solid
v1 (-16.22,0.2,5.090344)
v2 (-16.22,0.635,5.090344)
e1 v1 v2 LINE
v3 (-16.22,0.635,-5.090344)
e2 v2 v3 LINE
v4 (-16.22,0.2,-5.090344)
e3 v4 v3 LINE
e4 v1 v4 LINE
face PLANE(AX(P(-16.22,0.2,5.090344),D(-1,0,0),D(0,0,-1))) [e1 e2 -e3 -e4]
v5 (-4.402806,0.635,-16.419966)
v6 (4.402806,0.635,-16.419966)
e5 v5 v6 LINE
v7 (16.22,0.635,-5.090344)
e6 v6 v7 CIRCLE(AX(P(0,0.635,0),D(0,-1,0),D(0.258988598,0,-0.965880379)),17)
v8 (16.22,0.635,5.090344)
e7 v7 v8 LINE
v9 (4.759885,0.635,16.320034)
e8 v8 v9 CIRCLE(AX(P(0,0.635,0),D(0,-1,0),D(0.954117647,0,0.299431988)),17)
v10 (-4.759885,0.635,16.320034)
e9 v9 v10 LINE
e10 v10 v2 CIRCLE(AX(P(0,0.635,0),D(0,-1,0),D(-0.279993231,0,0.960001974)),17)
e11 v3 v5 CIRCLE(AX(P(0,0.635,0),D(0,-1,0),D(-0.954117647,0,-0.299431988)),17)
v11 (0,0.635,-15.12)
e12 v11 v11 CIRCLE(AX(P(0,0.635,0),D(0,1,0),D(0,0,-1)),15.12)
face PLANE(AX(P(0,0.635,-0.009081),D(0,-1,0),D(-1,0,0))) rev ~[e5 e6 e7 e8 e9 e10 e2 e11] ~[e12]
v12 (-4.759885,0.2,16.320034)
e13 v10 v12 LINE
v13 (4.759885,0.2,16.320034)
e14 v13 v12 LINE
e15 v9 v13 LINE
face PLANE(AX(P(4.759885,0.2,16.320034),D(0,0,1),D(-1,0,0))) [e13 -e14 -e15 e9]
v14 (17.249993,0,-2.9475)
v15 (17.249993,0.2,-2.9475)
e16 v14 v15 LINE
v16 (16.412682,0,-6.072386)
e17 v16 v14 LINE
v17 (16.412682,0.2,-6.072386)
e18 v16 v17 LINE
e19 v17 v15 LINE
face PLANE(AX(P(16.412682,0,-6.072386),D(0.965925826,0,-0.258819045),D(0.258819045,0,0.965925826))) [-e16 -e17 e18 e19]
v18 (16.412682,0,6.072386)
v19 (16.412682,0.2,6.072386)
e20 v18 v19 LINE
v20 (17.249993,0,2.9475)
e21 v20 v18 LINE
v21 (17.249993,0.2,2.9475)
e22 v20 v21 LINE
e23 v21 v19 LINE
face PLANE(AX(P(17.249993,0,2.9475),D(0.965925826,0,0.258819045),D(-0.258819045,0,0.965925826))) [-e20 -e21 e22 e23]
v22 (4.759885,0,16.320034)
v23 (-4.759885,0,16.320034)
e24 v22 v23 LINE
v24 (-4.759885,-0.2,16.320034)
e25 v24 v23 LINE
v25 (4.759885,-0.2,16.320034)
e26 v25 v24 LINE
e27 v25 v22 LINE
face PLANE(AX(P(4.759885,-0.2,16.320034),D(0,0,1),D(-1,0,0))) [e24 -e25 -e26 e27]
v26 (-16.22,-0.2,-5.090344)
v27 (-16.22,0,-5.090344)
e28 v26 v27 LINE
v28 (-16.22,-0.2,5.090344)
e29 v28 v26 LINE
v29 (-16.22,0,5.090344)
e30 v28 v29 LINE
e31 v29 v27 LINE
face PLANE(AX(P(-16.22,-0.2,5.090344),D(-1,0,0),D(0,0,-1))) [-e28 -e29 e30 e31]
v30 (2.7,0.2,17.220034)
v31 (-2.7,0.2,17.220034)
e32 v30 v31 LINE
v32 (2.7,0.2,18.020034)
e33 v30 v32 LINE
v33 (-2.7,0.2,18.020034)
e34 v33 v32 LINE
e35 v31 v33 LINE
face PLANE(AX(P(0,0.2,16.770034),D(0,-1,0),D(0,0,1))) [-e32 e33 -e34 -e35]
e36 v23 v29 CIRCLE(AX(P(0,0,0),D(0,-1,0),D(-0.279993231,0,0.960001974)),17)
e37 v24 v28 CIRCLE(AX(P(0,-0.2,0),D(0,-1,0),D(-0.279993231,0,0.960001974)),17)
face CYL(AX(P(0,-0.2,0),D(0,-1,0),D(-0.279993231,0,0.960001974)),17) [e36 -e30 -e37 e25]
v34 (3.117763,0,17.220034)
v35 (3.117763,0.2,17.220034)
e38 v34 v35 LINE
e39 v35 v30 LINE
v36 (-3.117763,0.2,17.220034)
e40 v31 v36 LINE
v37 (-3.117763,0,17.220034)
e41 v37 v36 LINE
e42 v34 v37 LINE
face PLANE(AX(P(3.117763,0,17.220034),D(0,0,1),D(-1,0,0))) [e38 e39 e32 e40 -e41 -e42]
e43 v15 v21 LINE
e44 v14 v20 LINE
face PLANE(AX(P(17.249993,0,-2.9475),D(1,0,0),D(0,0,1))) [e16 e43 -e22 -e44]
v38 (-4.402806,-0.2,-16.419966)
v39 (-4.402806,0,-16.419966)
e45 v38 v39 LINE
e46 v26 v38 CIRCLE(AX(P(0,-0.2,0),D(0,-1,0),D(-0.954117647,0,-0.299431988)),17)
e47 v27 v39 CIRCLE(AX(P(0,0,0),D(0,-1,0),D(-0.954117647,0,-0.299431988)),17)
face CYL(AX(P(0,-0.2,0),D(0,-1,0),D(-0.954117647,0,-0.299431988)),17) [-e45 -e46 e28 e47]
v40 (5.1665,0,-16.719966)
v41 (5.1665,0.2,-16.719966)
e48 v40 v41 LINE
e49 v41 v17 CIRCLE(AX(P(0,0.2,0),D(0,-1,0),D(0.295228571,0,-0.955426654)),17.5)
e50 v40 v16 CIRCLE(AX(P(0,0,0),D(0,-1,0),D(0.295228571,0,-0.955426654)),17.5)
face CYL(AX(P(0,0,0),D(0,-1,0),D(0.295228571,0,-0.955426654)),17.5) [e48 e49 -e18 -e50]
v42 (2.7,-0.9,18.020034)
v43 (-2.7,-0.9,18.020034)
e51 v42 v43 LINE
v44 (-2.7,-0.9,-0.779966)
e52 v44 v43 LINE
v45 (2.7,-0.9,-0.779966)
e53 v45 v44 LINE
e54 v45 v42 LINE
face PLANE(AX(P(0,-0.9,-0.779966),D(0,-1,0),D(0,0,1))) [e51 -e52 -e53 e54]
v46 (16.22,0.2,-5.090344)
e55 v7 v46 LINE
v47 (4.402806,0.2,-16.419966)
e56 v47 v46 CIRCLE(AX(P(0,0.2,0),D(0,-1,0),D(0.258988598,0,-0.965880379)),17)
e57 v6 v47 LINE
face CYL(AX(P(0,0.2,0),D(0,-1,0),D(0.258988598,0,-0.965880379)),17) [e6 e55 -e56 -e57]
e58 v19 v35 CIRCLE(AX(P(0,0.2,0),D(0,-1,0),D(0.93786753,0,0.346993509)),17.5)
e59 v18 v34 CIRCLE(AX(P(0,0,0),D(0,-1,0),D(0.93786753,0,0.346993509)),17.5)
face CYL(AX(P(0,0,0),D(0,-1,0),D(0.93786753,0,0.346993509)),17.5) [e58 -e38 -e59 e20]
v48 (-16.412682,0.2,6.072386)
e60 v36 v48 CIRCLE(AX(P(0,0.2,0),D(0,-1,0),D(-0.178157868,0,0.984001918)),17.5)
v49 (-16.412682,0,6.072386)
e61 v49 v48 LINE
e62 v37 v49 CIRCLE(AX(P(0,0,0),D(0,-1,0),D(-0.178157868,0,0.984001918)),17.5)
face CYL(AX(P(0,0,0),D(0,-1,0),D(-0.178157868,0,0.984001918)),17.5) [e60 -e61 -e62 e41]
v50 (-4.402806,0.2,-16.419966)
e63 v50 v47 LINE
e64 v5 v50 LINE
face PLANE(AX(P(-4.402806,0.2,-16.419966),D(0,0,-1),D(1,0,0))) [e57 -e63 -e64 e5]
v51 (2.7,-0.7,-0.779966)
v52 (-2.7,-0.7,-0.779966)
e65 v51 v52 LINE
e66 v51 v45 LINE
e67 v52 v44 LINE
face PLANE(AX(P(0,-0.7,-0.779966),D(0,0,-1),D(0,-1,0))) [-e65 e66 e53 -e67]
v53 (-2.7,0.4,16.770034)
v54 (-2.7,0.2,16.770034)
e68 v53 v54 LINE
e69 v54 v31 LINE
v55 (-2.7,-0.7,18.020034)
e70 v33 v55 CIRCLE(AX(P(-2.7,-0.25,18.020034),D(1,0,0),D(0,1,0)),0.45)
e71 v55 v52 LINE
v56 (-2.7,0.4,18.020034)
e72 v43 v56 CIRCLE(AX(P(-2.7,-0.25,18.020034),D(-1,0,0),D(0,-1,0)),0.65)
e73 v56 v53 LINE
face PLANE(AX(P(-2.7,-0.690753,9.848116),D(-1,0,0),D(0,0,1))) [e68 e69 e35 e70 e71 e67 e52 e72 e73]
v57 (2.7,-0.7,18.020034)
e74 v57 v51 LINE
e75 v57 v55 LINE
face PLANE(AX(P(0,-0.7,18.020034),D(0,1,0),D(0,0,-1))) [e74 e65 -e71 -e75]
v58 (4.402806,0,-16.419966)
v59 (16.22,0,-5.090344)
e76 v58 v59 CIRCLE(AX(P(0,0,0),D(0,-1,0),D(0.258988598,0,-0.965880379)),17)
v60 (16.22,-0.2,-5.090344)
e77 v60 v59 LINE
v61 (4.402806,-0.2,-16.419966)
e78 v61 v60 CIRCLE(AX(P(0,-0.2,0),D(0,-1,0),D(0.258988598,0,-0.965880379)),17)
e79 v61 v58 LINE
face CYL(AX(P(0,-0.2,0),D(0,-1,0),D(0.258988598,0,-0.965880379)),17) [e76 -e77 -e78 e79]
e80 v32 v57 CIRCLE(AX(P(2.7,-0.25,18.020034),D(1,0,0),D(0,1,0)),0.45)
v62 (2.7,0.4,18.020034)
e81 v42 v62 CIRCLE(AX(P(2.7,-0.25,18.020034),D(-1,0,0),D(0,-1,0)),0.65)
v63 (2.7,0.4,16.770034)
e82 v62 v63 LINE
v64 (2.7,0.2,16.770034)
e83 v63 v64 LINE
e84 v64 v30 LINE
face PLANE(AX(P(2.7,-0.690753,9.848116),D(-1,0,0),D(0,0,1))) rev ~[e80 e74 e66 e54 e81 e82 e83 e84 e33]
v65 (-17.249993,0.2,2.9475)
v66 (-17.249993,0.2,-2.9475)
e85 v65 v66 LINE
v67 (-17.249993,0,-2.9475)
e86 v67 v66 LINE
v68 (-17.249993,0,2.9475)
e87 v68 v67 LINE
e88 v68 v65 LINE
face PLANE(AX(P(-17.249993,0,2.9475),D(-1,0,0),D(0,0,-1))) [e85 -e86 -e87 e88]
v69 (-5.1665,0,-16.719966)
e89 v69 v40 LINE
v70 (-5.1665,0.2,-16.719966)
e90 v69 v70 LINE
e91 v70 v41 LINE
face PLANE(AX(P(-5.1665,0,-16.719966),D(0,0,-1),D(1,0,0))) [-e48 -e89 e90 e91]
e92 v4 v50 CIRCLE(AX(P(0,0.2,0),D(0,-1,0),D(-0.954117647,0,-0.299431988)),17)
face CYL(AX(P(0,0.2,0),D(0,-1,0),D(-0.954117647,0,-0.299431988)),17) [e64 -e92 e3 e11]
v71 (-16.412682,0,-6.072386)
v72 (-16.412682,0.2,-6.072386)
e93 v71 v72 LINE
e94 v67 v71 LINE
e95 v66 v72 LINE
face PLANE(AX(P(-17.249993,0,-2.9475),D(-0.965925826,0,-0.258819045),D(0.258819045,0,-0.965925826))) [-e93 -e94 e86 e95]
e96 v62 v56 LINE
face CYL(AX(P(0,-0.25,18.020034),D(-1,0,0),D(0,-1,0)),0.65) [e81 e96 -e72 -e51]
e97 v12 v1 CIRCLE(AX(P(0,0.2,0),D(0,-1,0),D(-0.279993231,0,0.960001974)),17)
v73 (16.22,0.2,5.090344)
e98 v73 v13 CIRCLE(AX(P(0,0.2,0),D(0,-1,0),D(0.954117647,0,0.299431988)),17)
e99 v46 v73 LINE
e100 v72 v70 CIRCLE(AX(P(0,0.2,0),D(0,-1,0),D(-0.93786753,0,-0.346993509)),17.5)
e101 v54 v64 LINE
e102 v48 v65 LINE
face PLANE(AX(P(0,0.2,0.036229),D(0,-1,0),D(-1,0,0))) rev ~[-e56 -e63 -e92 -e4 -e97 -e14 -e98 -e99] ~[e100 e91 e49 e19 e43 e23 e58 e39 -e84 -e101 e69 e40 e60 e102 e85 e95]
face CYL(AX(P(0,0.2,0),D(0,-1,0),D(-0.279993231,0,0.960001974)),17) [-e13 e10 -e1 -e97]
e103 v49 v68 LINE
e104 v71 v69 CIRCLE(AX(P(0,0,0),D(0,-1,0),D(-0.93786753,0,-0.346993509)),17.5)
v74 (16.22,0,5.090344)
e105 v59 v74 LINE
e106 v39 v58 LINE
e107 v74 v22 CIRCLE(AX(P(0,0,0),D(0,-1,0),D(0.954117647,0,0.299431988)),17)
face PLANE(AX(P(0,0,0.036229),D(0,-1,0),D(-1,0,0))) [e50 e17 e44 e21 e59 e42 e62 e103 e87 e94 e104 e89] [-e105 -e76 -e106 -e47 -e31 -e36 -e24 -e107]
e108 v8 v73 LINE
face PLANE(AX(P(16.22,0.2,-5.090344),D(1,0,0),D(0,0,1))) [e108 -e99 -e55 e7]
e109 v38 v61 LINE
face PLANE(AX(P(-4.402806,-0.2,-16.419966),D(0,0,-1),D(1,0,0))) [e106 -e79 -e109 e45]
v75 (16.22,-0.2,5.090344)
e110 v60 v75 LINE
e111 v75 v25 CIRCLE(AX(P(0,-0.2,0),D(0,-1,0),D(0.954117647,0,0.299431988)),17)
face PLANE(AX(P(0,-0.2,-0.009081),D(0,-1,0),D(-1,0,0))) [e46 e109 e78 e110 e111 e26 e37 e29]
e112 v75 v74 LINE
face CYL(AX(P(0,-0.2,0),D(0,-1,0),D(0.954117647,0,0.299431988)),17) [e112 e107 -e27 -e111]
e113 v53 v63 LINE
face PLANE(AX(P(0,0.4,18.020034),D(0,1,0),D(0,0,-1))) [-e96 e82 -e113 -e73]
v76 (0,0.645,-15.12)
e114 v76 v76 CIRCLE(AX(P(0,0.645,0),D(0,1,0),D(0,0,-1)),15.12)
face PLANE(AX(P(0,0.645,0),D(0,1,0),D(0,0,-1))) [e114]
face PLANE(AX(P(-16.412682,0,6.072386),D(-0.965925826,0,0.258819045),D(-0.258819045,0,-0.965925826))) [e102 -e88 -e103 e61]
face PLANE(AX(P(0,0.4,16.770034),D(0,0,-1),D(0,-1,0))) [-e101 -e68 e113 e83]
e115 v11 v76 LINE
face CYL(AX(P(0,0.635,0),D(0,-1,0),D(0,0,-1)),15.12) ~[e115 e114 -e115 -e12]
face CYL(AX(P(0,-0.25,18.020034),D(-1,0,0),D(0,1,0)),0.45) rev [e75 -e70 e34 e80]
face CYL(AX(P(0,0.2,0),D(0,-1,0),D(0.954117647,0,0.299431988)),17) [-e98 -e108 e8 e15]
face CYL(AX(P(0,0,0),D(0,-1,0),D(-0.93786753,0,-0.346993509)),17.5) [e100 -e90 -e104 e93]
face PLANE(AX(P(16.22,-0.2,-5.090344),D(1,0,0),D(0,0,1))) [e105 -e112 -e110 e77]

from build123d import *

# Parameters (mm, degrees)
BOSS_EXTRUDE1_DEPTH = 0.2
BOSS_EXTRUDE5_DEPTH = 0.435
SKETCH5_R           = 15.12
BOSS_EXTRUDE6_DEPTH = 0.01
LPATTERN1_COUNT     = 2
LPATTERN1_PITCH     = 0.4
BOSS_EXTRUDE7_DEPTH = 2.7


with BuildPart() as part:
    # Sketch1 → Boss-Extrude1 (new body)
    with BuildSketch(Plane(origin=(0, 0, 0), x_dir=(1, 0, 0), z_dir=(0, 1, 0))):
        with BuildLine():
            Line((17.249992572, 2.9475), (17.249992572, -2.9475))
            Line((17.249992572, -2.9475), (16.412681783, -6.072386409))
            ThreePointArc((16.412681783, -6.072386409), (11.243979481, -13.409807061), (3.117762689, -17.22003356))
            Line((3.117762689, -17.22003356), (-3.117762689, -17.22003356))
            ThreePointArc((-3.117762689, -17.22003356), (-11.243979481, -13.409807061), (-16.412681783, -6.072386409))
            Line((-16.412681783, -6.072386409), (-17.249992572, -2.9475))
            Line((-17.249992572, -2.9475), (-17.249992572, 2.9475))
            Line((-17.249992572, 2.9475), (-16.412681783, 6.072386409))
            ThreePointArc((-16.412681783, 6.072386409), (-12.031542367, 12.707949806), (-5.1665, 16.71996644))
            Line((-5.1665, 16.71996644), (5.1665, 16.71996644))
            ThreePointArc((5.1665, 16.71996644), (12.031542367, 12.707949806), (16.412681783, 6.072386409))
            Line((16.412681783, 6.072386409), (17.249992572, 2.9475))
        make_face()
    extrude(amount=BOSS_EXTRUDE1_DEPTH)

    # Sketch2 → Boss-Extrude5 (add)
    with BuildSketch(Plane(origin=(0, 0.2, 0), x_dir=(1, 0, 0), z_dir=(0, 1, 0))):
        with BuildLine():
            Line((-4.402806164, 16.41996644), (4.402806164, 16.41996644))
            ThreePointArc((4.402806164, 16.41996644), (11.764995572, 12.271303076), (16.22, 5.0903438))
            Line((16.22, 5.0903438), (16.22, -5.0903438))
            ThreePointArc((16.22, -5.0903438), (11.898124894, -12.142266016), (4.759884935, -16.32003356))
            Line((4.759884935, -16.32003356), (-4.759884935, -16.32003356))
            ThreePointArc((-4.759884935, -16.32003356), (-11.898124894, -12.142266016), (-16.22, -5.0903438))
            Line((-16.22, -5.0903438), (-16.22, 5.0903438))
            ThreePointArc((-16.22, 5.0903438), (-11.764995572, 12.271303076), (-4.402806164, 16.41996644))
        make_face()
    boss_extrude5 = extrude(amount=BOSS_EXTRUDE5_DEPTH)

    # Sketch5 → Boss-Extrude6 (add)
    with BuildSketch(Plane(origin=(0, 0.635, 0), x_dir=(1, 0, 0), z_dir=(0, 1, 0))):
        with Locations(Location((0, 0, 0), (0, 0, 90))):
            Circle(SKETCH5_R)
    extrude(amount=BOSS_EXTRUDE6_DEPTH)

    # LPattern1: Boss-Extrude5 ×2
    with Locations(*[(0, -i * LPATTERN1_PITCH, 0) for i in range(1, LPATTERN1_COUNT)]):
        add(boss_extrude5)

    # Sketch6 → Boss-Extrude7 (add, symmetric)
    with BuildSketch(Plane.ZY):
        with BuildLine():
            Line((17.22003356, 0.2), (18.02003356, 0.2))
            ThreePointArc((18.02003356, 0.2), (18.47003356, -0.25), (18.02003356, -0.7))
            Line((18.02003356, -0.7), (-0.77996644, -0.7))
            Line((-0.77996644, -0.7), (-0.77996644, -0.9))
            Line((-0.77996644, -0.9), (18.02003356, -0.9))
            ThreePointArc((18.02003356, -0.9), (18.67003356, -0.25), (18.02003356, 0.4))
            Line((18.02003356, 0.4), (16.77003356, 0.4))
            Line((16.77003356, 0.4), (16.77003356, 0.2))
            Line((16.77003356, 0.2), (17.22003356, 0.2))
        make_face()
    extrude(amount=BOSS_EXTRUDE7_DEPTH, both=True)


solid = part.part
